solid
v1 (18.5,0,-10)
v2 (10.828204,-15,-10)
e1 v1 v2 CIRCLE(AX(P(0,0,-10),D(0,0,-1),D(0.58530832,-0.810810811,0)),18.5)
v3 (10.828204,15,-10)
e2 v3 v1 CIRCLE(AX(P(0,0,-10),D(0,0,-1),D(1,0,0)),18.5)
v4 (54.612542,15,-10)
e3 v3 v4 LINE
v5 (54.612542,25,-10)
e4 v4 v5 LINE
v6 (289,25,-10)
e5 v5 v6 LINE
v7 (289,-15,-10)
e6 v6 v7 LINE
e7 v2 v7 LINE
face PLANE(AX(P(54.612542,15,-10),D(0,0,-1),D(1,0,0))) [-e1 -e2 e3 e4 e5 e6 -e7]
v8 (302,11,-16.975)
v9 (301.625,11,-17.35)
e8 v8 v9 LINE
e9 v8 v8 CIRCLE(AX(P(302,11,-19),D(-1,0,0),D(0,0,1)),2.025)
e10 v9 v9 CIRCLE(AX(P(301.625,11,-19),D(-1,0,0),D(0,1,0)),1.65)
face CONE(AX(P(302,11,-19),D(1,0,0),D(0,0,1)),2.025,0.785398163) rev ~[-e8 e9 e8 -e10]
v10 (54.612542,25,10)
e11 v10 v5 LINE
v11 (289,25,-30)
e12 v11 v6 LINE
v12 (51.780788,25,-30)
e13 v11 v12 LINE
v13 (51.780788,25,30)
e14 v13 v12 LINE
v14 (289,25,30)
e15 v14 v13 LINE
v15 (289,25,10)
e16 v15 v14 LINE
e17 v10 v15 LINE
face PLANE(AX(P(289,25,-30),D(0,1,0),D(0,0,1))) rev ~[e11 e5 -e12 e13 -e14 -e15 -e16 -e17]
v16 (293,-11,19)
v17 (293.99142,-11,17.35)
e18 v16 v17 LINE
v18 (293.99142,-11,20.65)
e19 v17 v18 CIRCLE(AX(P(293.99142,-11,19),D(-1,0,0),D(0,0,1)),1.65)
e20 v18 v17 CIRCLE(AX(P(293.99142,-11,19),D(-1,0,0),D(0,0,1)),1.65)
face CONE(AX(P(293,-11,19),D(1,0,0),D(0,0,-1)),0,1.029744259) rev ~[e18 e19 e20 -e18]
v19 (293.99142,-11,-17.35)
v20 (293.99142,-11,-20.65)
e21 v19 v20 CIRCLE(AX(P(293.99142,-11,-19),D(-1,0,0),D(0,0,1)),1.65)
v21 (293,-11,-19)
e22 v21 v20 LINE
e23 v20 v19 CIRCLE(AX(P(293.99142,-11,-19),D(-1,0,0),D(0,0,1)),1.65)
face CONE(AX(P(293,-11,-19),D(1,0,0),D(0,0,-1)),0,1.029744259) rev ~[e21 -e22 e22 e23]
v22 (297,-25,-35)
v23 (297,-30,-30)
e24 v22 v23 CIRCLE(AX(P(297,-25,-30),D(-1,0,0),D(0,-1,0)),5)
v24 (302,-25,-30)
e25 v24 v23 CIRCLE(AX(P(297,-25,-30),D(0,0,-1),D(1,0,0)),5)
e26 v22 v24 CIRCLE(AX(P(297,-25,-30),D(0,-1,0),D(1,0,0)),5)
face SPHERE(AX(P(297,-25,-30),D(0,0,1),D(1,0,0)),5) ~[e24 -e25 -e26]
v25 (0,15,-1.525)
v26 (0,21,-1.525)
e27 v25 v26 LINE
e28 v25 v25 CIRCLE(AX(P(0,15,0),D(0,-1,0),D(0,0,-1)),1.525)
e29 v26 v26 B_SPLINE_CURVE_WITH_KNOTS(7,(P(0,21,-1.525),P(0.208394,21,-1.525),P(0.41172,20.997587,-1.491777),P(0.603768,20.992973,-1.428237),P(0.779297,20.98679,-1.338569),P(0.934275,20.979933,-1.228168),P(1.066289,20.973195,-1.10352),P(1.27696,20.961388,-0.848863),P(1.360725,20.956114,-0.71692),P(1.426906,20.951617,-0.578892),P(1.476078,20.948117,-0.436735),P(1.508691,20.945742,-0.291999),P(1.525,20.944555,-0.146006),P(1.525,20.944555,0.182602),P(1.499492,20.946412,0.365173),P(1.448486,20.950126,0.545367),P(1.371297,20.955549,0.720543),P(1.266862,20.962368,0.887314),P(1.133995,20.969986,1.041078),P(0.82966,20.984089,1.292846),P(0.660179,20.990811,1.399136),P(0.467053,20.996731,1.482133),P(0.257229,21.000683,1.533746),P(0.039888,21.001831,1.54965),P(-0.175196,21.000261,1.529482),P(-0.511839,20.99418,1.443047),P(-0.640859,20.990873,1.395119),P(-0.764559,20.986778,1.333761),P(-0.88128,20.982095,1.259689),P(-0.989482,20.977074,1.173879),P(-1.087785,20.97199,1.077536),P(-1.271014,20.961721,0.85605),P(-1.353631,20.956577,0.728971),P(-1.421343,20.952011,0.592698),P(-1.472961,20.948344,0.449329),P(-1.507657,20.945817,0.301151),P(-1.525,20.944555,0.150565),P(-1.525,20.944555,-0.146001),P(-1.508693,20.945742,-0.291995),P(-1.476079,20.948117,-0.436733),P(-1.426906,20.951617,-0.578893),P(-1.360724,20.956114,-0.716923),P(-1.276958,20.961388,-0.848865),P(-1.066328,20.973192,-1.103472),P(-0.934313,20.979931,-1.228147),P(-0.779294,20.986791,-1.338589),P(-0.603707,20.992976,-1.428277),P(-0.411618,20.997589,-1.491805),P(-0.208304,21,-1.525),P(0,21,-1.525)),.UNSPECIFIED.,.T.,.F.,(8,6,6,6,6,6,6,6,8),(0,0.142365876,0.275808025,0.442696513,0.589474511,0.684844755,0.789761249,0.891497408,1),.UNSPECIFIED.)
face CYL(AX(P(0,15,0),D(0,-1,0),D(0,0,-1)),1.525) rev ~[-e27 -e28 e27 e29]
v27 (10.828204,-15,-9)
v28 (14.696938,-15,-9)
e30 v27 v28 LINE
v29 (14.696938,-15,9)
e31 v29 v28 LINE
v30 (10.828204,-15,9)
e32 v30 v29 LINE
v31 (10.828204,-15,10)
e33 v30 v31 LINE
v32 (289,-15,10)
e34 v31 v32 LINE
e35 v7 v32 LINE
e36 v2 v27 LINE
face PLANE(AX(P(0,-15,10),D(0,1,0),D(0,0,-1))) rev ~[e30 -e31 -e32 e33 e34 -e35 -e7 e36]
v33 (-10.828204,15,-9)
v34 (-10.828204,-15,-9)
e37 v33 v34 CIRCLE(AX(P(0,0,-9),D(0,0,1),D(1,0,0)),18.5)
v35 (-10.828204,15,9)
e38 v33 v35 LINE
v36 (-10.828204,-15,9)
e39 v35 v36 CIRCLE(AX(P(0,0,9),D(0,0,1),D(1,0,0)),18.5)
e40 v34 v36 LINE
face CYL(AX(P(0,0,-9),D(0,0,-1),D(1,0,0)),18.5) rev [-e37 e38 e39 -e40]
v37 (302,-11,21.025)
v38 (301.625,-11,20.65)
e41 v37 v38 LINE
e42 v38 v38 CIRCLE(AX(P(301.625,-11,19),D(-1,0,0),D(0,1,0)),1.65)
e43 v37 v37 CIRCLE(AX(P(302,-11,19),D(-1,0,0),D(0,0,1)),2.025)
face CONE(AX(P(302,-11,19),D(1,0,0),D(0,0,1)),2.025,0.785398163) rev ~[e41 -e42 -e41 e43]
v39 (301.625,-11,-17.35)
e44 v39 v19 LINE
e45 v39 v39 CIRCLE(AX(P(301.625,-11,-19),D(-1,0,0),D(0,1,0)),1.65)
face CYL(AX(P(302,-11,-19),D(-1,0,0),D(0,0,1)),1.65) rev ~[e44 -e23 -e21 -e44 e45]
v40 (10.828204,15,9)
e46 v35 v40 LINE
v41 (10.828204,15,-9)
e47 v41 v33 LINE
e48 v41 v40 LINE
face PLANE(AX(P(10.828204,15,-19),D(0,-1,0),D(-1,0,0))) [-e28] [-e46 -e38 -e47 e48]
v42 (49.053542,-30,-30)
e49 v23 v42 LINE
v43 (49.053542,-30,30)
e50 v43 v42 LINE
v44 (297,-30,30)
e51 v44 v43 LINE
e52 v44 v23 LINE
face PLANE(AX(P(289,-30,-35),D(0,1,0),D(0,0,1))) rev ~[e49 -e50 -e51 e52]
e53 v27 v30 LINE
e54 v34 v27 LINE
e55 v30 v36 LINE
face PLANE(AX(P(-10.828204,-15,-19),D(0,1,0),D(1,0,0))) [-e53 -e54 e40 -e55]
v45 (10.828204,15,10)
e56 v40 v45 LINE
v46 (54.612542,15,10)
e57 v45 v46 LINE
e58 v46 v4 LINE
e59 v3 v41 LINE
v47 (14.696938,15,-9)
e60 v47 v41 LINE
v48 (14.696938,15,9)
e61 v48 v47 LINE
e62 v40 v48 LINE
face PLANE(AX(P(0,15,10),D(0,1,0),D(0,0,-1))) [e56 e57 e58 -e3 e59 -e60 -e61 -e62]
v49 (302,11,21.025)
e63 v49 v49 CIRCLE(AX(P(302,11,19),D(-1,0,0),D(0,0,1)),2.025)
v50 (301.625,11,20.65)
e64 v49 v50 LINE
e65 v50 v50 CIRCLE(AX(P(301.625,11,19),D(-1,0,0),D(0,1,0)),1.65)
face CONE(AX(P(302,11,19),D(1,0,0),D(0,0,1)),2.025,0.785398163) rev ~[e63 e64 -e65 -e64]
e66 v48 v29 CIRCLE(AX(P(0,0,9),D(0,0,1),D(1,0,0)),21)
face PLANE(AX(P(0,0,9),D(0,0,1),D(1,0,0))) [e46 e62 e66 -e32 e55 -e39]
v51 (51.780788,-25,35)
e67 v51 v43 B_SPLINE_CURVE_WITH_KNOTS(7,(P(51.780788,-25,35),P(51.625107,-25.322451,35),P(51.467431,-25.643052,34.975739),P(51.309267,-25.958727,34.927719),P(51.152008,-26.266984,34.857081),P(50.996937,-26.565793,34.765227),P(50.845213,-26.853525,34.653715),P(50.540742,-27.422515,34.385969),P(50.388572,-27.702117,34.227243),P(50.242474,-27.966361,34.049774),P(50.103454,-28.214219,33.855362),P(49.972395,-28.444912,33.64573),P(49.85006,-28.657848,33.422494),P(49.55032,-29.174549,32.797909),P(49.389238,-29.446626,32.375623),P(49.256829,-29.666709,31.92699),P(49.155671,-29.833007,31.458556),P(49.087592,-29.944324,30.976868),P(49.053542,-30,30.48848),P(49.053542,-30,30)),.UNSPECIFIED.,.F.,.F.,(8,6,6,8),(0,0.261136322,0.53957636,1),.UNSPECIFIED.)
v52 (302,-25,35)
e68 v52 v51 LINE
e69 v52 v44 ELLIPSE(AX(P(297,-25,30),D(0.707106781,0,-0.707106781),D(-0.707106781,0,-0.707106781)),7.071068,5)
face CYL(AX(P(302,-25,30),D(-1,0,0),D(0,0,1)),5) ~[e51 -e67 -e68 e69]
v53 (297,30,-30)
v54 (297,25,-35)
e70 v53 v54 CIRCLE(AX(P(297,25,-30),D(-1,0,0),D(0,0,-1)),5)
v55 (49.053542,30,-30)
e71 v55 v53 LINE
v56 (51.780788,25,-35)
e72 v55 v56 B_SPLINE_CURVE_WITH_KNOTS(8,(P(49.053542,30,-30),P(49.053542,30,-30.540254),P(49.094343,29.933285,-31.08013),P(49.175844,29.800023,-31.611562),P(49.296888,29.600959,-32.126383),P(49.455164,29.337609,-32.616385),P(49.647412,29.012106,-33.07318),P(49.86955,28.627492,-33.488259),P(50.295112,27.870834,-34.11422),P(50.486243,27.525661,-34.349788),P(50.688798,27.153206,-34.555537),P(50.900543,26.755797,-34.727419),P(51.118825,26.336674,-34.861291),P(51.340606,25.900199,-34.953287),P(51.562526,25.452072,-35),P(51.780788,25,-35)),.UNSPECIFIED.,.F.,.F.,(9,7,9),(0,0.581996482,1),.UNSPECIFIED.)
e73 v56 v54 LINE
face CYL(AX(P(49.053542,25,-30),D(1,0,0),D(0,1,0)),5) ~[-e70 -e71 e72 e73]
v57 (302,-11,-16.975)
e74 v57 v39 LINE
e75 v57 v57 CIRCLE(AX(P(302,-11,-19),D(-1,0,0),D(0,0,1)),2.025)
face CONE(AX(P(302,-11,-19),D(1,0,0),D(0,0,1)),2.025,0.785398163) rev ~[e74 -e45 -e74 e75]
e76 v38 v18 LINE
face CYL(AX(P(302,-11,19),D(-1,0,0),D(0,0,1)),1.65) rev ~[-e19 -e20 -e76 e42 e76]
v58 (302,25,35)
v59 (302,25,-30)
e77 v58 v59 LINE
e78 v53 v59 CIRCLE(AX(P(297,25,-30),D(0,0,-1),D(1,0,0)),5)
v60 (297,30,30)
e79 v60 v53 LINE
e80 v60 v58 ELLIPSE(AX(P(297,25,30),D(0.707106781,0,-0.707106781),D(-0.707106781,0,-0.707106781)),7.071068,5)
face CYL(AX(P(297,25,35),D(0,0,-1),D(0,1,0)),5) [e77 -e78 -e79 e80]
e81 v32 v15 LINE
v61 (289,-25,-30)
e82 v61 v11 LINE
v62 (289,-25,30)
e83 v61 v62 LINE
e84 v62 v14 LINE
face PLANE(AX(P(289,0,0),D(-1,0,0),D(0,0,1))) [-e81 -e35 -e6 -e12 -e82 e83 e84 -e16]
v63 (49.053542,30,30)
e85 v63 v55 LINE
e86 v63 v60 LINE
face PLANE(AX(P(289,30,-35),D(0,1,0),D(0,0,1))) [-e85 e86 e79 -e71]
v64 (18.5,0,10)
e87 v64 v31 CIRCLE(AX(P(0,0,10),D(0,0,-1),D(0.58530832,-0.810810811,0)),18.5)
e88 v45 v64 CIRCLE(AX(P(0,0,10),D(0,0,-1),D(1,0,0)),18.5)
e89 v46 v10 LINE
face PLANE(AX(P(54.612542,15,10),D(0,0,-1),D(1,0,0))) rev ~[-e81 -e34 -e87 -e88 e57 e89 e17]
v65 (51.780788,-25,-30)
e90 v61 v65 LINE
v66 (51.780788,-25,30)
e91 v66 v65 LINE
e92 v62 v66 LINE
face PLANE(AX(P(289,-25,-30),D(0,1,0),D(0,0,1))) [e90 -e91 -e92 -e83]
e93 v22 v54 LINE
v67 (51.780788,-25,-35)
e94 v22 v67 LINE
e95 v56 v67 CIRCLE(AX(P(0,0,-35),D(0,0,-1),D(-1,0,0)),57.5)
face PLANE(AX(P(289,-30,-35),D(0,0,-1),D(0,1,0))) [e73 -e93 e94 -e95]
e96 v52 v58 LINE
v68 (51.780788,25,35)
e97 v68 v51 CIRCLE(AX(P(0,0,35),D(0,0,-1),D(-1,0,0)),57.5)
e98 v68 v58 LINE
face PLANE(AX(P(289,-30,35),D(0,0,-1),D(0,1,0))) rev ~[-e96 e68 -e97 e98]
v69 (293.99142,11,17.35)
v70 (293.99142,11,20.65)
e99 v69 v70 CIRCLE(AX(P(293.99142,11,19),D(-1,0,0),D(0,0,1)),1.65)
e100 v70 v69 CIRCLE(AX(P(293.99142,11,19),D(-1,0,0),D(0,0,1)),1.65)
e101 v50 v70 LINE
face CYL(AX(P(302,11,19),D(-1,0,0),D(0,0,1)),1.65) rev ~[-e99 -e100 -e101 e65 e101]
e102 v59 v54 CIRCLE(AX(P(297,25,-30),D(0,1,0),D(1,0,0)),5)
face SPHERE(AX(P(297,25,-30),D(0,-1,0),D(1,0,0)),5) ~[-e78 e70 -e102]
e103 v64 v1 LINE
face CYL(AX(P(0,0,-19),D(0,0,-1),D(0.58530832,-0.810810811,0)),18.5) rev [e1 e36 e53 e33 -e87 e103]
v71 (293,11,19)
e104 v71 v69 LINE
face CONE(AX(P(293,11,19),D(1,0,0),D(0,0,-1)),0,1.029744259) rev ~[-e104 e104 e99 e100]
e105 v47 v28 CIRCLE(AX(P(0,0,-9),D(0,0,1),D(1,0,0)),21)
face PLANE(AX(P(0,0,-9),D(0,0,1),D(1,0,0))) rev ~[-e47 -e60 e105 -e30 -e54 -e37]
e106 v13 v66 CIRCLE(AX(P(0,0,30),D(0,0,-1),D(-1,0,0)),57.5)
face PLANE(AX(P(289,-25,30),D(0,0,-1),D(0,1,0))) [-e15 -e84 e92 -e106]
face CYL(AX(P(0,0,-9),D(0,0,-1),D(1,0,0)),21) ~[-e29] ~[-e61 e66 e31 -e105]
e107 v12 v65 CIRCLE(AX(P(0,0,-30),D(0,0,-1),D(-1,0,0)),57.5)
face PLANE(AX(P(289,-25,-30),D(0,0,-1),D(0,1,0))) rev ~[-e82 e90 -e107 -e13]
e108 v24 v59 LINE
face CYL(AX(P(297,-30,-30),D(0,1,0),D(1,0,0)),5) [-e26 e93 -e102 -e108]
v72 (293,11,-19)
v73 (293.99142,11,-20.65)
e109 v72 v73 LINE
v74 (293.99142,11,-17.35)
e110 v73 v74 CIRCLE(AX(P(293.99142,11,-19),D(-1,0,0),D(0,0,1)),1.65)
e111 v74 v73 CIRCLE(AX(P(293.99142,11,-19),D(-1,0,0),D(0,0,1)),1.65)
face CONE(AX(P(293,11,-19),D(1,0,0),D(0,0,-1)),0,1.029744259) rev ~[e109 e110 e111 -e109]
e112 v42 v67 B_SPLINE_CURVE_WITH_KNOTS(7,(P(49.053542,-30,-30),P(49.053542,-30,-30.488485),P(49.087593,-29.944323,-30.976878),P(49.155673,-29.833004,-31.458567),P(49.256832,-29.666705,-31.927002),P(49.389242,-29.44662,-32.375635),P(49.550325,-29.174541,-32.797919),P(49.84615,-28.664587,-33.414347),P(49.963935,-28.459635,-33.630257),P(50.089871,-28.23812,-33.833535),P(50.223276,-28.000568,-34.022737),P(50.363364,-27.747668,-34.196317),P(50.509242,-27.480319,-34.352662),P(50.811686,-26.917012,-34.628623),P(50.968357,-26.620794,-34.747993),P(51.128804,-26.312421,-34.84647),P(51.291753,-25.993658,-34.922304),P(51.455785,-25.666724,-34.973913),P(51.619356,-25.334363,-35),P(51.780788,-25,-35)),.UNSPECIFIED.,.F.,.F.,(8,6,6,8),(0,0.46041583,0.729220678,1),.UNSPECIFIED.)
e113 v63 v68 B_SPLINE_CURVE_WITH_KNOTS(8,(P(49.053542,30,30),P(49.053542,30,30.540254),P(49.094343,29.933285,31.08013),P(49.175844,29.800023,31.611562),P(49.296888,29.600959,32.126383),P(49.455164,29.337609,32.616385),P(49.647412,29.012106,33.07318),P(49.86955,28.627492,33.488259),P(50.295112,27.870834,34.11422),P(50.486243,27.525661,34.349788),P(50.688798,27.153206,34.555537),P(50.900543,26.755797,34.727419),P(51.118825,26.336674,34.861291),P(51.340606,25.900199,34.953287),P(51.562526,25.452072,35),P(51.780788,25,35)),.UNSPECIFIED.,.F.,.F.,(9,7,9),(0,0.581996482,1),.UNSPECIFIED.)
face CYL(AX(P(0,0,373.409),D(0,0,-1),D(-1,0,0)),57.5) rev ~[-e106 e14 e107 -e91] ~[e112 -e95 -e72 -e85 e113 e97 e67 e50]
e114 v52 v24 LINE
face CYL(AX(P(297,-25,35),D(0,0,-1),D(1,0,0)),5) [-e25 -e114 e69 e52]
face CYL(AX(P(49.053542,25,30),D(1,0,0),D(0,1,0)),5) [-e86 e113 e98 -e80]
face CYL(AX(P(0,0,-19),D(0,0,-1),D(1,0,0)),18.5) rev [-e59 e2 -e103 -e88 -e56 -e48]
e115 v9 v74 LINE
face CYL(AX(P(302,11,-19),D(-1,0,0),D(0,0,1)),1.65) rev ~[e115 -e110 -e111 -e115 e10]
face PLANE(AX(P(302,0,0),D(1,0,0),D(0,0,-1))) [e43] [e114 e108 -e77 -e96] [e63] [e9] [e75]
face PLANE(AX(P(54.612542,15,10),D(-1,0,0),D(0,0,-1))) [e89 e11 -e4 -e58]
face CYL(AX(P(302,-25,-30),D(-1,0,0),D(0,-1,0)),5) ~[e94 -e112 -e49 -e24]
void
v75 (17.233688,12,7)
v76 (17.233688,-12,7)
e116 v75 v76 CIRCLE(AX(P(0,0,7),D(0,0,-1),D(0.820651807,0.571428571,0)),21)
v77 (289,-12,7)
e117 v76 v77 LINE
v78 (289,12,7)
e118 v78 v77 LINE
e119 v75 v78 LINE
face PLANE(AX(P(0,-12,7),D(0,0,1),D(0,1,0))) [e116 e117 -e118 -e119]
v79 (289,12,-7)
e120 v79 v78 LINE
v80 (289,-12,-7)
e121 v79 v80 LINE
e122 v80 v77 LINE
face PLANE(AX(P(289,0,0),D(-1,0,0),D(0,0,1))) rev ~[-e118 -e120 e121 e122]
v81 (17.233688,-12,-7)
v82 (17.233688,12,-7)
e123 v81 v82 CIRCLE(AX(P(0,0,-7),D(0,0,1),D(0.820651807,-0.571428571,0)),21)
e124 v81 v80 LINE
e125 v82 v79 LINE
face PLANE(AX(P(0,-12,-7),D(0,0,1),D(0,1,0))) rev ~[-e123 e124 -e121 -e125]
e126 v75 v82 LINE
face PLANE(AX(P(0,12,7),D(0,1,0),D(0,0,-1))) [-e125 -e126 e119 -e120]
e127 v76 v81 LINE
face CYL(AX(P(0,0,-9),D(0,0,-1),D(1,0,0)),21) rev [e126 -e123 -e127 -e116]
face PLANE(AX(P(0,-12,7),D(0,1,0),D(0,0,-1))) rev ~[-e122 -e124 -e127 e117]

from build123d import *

# Parameters (mm, degrees)
SKETCH2_W                   = 20
SKETCH2_H                   = 30
SKETCH2_W_2                 = 14
SKETCH2_H_2                 = 24
BOSS_EXTRUDE1_DEPTH         = 302
SKETCH9_W                   = 70
SKETCH9_H                   = 60
BOSS_EXTRUDE2_DEPTH         = 3
BOSS_EXTRUDE3_DEPTH         = 9
BOSS_EXTRUDE3_DEPTH_BACK    = 9
SKETCH10_R                  = 21
SKETCH10_R_2                = 18.5
CUT_EXTRUDE1_DEPTH          = 19
CUT_EXTRUDE1_DEPTH_BACK     = 19
SKETCH14_W                  = 70
SKETCH14_H                  = 60
BOSS_EXTRUDE5_DEPTH         = 10
BOSS_EXTRUDE6_REACH         = 315.409
BOSS_EXTRUDE6_END_RADIUS    = 57.5
SKETCH15_W                  = 70
SKETCH15_H                  = 60
SKETCH15_W_2                = 60
SKETCH15_H_2                = 50
SKETCH16_W                  = 247.387457627
SKETCH16_H                  = 20
BOSS_EXTRUDE7_DEPTH         = 10
FILLET1_R                   = 5
M4_TAPPED_HOLE1_D           = 3.3
M4_TAPPED_HOLE1_DEPTH       = 8.008579979
M4_TAPPED_HOLE1_CSINK_D     = 4.05
M4_TAPPED_HOLE1_CSINK_ANGLE = 90
M4_TAPPED_HOLE1_TIP         = 0.991420021
SKETCH19_R                  = 1.525
CUT_EXTRUDE3_DEPTH          = 10


with BuildPart() as part:
    # Sketch2 → Boss-Extrude1 (new body)
    with BuildSketch(Plane(origin=(0, 0, 0), x_dir=(0, 0, -1), z_dir=(1, 0, 0))):
        Rectangle(SKETCH2_W, SKETCH2_H)
        Rectangle(SKETCH2_W_2, SKETCH2_H_2, mode=Mode.SUBTRACT)
    extrude(amount=BOSS_EXTRUDE1_DEPTH)

    # Sketch9 → Boss-Extrude2 (add)
    with BuildSketch(Plane(origin=(302, 0, 0), x_dir=(0, 0, -1), z_dir=(1, 0, 0))):
        Rectangle(SKETCH9_W, SKETCH9_H)
    extrude(amount=-BOSS_EXTRUDE2_DEPTH)

    # Sketch10 → Boss-Extrude3 (add, two sides: drawn at the far end of the back side and taken through both)
    # profile 1 of 3: a face of its own
    with BuildSketch(Plane.XY.offset(-BOSS_EXTRUDE3_DEPTH_BACK)):
        Circle(SKETCH10_R)
        Circle(SKETCH10_R_2, mode=Mode.SUBTRACT)
    # profile 2 of 3: a face of its own
    with BuildSketch(Plane.XY.offset(-BOSS_EXTRUDE3_DEPTH_BACK)):
        with BuildLine():
            ThreePointArc((10.828203914, 15), (0, 18.5), (-10.828203914, 15))
            Line((-10.828203914, 15), (10.828203914, 15))
        make_face()
    # profile 3 of 3: a face of its own
    with BuildSketch(Plane.XY.offset(-BOSS_EXTRUDE3_DEPTH_BACK)):
        with BuildLine():
            ThreePointArc((-10.828203914, -15), (0, -18.5), (10.828203914, -15))
            Line((10.828203914, -15), (-10.828203914, -15))
        make_face()
    extrude(amount=BOSS_EXTRUDE3_DEPTH + BOSS_EXTRUDE3_DEPTH_BACK)

    # Sketch10<3> → Cut-Extrude1 (cut, two sides: drawn at the far end of the back side and taken through both)
    with BuildSketch(Plane.XY.offset(-CUT_EXTRUDE1_DEPTH_BACK)):
        with BuildLine():
            Line((-10.828203914, -15), (10.828203914, -15))
            ThreePointArc((10.828203914, -15), (16.470758519, -8.42402005), (18.5, 0))
            ThreePointArc((18.5, 0), (16.470758519, 8.42402005), (10.828203914, 15))
            Line((10.828203914, 15), (-10.828203914, 15))
            ThreePointArc((-10.828203914, 15), (-18.5, 0), (-10.828203914, -15))
        make_face()
    extrude(amount=CUT_EXTRUDE1_DEPTH + CUT_EXTRUDE1_DEPTH_BACK, mode=Mode.SUBTRACT)

    # Sketch14 → Boss-Extrude5 (add)
    with BuildSketch(Plane.ZY.offset(-299)):
        Rectangle(SKETCH14_W, SKETCH14_H)
    extrude(amount=BOSS_EXTRUDE5_DEPTH)

    # Boss-Extrude6: up to this cylinder (the profile starts outside it)
    boss_extrude6_end = Plane(origin=(0, 0, 0), z_dir=(0, 0, -1)) * Cylinder(BOSS_EXTRUDE6_END_RADIUS, 746.818, mode=Mode.PRIVATE)
    # Sketch15 → Boss-Extrude6 (add, up to the surface)
    with BuildSketch(Plane.ZY.offset(-289), mode=Mode.PRIVATE) as boss_extrude6_sk1:
        Rectangle(SKETCH15_W, SKETCH15_H)
        Rectangle(SKETCH15_W_2, SKETCH15_H_2, mode=Mode.SUBTRACT)
    boss_extrude6_tool1 = extrude(boss_extrude6_sk1.sketch, amount=BOSS_EXTRUDE6_REACH, mode=Mode.PRIVATE) - boss_extrude6_end
    add(boss_extrude6_tool1.solids().sort_by_distance((289, -29.078046, 0))[0])

    # Sketch16 → Boss-Extrude7 (add)
    with BuildSketch(Plane(origin=(0, 15, 0), x_dir=(1, 0, 0), z_dir=(0, 1, 0))):
        with Locations((178.306271186, 0)):
            Rectangle(SKETCH16_W, SKETCH16_H)
    extrude(amount=BOSS_EXTRUDE7_DEPTH)

    # Fillet1
    fillet1_edges = [part.edges().sort_by_distance(p)[0] for p in [
        (302, -30, 0),
        (302, 0, -35),
        (175.526771088, -30, 35),
        (302, 30, 0),
        (175.526771088, 30, 35),
        (175.526771088, 30, -35),
        (175.526771088, -30, -35),
    ]]
    fillet(fillet1_edges, radius=FILLET1_R)

    # M4 Tapped Hole1
    with Locations(Plane(origin=(302, 0, 0), x_dir=(0, 0, -1), z_dir=(1, 0, 0))):
        with Locations((-19, 11), (19, 11), (-19, -11), (19, -11)):
            CounterSinkHole(M4_TAPPED_HOLE1_D / 2, M4_TAPPED_HOLE1_CSINK_D / 2, depth=M4_TAPPED_HOLE1_DEPTH, counter_sink_angle=M4_TAPPED_HOLE1_CSINK_ANGLE)
            with Locations((0, 0, -(M4_TAPPED_HOLE1_DEPTH + M4_TAPPED_HOLE1_TIP / 2))):  # 118° drill point
                Cone(0, M4_TAPPED_HOLE1_D / 2, M4_TAPPED_HOLE1_TIP, mode=Mode.SUBTRACT)

    # Sketch19 → Cut-Extrude3 (cut)
    with BuildSketch(Plane.XZ.offset(-15)):
        with Locations(Location((0, 0, 0), (0, 0, 270))):
            Circle(SKETCH19_R)
    extrude(amount=-CUT_EXTRUDE3_DEPTH, mode=Mode.SUBTRACT)


solid = part.part
